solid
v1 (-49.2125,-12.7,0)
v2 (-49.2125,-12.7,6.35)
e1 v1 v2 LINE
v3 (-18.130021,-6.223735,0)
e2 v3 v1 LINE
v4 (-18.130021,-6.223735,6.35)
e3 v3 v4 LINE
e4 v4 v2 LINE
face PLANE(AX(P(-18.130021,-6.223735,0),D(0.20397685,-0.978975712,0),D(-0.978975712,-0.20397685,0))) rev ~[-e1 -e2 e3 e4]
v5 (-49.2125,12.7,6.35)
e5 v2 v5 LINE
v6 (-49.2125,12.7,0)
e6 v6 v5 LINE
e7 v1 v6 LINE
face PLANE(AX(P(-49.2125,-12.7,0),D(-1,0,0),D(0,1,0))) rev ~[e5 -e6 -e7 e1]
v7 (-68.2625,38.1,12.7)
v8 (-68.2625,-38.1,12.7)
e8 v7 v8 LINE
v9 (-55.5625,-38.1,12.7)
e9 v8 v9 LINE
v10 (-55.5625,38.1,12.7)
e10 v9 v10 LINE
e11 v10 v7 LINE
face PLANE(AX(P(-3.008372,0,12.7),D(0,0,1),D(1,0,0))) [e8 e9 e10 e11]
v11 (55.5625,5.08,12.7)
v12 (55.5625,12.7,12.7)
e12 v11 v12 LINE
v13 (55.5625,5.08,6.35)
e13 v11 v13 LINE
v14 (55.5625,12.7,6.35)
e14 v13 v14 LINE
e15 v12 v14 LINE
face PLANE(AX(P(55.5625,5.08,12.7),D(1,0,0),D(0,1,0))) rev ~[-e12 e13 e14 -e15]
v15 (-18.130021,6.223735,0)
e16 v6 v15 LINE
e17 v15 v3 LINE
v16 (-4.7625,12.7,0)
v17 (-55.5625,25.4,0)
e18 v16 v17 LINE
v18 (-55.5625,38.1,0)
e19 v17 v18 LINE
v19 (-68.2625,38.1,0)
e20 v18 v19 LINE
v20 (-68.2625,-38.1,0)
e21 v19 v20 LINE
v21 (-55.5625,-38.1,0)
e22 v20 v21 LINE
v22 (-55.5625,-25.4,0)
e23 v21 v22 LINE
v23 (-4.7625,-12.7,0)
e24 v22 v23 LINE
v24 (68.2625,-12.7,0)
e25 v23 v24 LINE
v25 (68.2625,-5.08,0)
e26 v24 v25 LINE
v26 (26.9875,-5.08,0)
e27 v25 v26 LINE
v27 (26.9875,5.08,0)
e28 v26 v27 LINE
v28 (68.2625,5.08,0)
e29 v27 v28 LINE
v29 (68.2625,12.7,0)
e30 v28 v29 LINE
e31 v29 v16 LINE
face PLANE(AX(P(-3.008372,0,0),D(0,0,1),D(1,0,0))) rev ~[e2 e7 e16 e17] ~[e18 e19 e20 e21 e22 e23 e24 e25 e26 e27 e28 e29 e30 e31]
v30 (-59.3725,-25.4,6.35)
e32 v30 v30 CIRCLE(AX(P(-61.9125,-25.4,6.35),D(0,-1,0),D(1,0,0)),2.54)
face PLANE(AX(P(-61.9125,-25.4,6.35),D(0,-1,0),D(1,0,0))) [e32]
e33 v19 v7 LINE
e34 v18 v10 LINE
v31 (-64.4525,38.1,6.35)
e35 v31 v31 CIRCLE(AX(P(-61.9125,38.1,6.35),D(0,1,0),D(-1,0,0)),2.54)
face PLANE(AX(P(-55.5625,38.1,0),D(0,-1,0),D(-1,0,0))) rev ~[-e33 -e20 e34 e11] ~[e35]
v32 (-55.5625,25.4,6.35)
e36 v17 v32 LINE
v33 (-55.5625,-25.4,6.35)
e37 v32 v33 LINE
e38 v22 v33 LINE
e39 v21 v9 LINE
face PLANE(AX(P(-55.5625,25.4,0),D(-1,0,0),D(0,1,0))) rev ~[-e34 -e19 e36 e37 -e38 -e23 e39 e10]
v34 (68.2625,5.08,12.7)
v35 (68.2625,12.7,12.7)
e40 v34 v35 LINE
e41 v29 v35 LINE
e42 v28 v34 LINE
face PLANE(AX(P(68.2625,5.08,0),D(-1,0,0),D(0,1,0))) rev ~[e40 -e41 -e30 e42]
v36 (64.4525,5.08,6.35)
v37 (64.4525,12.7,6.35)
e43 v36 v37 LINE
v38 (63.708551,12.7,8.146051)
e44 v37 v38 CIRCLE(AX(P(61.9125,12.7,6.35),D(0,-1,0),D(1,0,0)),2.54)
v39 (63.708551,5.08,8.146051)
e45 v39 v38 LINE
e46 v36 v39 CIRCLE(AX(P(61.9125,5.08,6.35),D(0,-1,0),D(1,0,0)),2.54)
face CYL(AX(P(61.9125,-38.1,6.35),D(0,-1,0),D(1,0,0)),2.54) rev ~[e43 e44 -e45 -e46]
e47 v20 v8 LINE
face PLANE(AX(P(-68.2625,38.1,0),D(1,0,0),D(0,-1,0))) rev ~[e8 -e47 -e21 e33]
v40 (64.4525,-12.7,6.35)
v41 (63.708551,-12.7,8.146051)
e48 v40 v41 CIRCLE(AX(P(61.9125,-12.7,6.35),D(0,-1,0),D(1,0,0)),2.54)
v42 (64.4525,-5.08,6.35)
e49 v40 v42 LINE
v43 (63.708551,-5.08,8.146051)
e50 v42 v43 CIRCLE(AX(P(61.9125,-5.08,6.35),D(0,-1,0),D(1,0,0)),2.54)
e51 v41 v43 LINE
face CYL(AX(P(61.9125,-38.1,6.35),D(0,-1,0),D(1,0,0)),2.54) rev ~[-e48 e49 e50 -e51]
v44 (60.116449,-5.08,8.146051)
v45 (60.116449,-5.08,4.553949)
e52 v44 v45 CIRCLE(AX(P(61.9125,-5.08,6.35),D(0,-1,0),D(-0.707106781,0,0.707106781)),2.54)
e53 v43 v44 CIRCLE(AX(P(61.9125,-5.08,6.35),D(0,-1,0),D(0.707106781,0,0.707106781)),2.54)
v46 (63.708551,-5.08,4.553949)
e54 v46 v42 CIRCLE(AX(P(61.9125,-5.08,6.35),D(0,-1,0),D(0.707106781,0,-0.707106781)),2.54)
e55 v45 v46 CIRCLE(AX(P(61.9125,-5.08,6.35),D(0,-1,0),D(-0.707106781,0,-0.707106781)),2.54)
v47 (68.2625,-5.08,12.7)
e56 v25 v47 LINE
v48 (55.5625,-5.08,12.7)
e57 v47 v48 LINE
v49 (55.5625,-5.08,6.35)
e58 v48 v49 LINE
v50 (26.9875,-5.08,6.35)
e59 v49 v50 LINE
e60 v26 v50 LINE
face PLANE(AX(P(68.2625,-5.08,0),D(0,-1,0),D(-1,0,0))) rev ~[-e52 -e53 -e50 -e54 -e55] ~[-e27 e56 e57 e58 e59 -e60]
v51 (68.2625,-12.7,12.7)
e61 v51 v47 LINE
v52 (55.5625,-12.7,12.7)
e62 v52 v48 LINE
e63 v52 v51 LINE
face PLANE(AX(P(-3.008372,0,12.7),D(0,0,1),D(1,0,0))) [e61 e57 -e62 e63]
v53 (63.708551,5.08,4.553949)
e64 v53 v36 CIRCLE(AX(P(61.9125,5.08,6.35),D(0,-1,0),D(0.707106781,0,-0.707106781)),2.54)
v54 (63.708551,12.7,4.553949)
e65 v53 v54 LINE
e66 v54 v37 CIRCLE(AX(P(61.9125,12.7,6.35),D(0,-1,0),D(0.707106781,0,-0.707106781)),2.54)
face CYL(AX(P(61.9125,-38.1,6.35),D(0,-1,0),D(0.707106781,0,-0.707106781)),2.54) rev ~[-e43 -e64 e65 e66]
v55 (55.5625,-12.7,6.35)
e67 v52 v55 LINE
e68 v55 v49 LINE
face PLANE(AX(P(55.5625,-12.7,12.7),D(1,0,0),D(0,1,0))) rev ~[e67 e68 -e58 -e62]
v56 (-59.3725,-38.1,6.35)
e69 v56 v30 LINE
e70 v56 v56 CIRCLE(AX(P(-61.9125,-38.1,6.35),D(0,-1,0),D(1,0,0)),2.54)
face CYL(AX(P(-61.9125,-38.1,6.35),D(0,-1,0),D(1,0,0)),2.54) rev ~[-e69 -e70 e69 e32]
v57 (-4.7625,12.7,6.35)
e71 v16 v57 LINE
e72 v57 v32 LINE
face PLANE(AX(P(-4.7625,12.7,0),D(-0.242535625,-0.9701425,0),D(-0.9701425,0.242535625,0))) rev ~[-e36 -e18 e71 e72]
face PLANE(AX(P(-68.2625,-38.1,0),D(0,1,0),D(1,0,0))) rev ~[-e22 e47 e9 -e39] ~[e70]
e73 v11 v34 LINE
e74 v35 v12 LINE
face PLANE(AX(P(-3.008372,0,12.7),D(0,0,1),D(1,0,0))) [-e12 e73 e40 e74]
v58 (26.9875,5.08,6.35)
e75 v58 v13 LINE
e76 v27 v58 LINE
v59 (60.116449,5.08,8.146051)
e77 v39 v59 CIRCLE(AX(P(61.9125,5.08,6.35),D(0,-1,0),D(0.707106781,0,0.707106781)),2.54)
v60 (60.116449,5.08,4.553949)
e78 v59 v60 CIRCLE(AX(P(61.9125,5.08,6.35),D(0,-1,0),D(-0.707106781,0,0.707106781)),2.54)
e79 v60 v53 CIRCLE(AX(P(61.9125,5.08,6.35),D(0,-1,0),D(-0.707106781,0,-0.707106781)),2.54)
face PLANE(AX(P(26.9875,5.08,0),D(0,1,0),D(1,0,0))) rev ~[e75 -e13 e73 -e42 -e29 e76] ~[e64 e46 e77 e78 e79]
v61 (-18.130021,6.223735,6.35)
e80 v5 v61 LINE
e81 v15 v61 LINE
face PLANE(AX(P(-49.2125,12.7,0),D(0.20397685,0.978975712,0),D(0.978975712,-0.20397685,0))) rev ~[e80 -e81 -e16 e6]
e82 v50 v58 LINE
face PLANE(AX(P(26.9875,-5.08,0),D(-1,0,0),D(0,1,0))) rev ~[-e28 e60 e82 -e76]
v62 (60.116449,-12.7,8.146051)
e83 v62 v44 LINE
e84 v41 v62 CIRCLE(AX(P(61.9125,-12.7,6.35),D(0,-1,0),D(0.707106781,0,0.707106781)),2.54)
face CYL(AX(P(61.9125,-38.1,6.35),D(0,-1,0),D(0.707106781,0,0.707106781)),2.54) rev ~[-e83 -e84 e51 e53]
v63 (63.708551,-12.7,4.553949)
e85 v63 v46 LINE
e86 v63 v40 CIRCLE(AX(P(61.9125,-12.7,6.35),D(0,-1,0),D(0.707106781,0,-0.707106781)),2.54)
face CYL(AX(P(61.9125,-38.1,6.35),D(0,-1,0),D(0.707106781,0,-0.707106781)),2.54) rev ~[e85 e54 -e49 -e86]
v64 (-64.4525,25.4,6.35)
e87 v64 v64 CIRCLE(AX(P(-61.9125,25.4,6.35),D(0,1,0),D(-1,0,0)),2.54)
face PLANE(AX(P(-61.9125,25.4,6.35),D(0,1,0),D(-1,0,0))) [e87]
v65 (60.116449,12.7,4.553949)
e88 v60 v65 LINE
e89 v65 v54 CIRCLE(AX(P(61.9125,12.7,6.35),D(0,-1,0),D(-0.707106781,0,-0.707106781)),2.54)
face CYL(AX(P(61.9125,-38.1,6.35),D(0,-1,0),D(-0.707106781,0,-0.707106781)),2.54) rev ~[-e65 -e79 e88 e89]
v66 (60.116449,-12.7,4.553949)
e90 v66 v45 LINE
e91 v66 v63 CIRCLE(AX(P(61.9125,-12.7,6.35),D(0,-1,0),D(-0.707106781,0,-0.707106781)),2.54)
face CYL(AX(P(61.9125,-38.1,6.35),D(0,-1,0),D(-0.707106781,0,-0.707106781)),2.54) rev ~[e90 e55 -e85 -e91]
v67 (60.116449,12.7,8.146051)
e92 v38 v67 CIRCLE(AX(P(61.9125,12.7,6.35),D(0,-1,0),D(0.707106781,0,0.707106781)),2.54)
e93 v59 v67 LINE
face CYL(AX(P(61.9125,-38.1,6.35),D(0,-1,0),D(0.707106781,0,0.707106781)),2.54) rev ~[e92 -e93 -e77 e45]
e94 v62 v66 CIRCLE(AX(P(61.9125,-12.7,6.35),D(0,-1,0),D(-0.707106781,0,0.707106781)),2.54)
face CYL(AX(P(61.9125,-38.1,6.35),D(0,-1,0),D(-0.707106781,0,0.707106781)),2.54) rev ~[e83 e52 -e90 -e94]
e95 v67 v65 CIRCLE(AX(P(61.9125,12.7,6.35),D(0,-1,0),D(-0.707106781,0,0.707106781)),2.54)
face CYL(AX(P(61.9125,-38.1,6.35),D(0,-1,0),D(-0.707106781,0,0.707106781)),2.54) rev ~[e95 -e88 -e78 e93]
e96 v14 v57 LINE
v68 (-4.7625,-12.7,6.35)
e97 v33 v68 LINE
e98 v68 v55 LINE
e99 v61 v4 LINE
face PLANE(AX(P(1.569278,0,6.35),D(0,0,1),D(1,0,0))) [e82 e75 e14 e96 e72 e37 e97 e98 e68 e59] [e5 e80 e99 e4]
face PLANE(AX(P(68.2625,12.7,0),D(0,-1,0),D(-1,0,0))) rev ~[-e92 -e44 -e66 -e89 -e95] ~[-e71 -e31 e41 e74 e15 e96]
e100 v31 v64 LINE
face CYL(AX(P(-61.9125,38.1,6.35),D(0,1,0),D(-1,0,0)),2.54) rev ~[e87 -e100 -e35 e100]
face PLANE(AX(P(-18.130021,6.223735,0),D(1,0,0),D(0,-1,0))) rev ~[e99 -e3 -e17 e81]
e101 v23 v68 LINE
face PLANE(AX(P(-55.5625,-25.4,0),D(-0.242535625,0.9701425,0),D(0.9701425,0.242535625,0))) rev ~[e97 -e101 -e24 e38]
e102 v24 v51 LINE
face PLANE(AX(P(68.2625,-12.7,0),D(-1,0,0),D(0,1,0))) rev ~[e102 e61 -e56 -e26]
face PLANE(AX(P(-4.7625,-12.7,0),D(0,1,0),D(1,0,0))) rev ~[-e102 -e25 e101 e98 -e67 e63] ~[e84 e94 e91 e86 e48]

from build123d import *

# Parameters (mm, degrees)
F1_DEPTH = 12.7
F3_DEPTH = 6.35
F4_R     = 2.54
F5_DEPTH = 12.7
F7_DEPTH = 76.201
F8_R     = 2.54
F9_DEPTH = 12.7


with BuildPart() as f1:
    # F0 (on Top) → F1 (new body)
    with BuildSketch(Plane.XY):
        Polygon((-68.2625, 38.1), (-68.2625, -38.1), (-55.5625, -38.1), (-55.5625, -25.4), (-4.7625, -12.7), (68.2625, -12.7), (68.2625, -5.08), (26.9875, -5.08), (26.9875, 5.08), (68.2625, 5.08), (68.2625, 12.7), (-4.7625, 12.7), (-55.5625, 25.4), (-55.5625, 38.1), align=None)
        Polygon((-49.2125, -12.7), (-49.2125, 12.7), (-18.1300211438, 6.223735015), (-18.1300211438, -6.223735015), align=None, mode=Mode.SUBTRACT)
    extrude(amount=F1_DEPTH)

    # F2 (on face) → F3 (cut)
    with BuildSketch(Plane.XY.offset(12.7)):
        Polygon((-55.5625, 25.4), (-55.5625, -25.4), (-4.7625, -12.7), (55.5625, -12.7), (55.5625, -5.08), (26.9875, -5.08), (26.9875, 5.08), (55.5625, 5.08), (55.5625, 12.7), (-4.7625, 12.7), align=None)
        Polygon((-49.2125, -12.7), (-49.2125, 12.7), (-18.1300211438, 6.223735015), (-18.1300211438, -6.223735015), align=None, mode=Mode.SUBTRACT)
    extrude(amount=-F3_DEPTH, mode=Mode.SUBTRACT)

    # F4 (on face) → F5 (cut)
    with BuildSketch(Plane.XZ.offset(38.1)):
        with Locations((-61.9125, 6.35)):
            Circle(F4_R)
    extrude(amount=-F5_DEPTH, mode=Mode.SUBTRACT)

    # F6 (on face) → F7 (cut, through all)
    with BuildSketch(Plane.XZ.offset(38.1)):
        with BuildLine():
            Line((61.9125, 6.35), (60.1164487758, 4.5539487758))
            ThreePointArc((60.1164487758, 4.5539487758), (61.9125, 3.81), (63.7085512242, 4.5539487758))
            Line((63.7085512242, 4.5539487758), (61.9125, 6.35))
        make_face()
        with BuildLine():
            Line((61.9125, 6.35), (60.1164487758, 8.1460512242))
            ThreePointArc((60.1164487758, 8.1460512242), (59.3725, 6.35), (60.1164487758, 4.5539487758))
            Line((60.1164487758, 4.5539487758), (61.9125, 6.35))
        make_face()
        with BuildLine():
            ThreePointArc((63.7085512242, 8.1460512242), (61.9125, 8.89), (60.1164487758, 8.1460512242))
            Line((60.1164487758, 8.1460512242), (61.9125, 6.35))
            Line((61.9125, 6.35), (63.7085512242, 8.1460512242))
        make_face()
        with BuildLine():
            ThreePointArc((64.4525, 6.35), (64.2591540126, 7.3220159182), (63.7085512242, 8.1460512242))
            Line((63.7085512242, 8.1460512242), (61.9125, 6.35))
            Line((61.9125, 6.35), (63.7085512242, 4.5539487758))
            ThreePointArc((63.7085512242, 4.5539487758), (64.2591540126, 5.3779840818), (64.4525, 6.35))
        make_face()
    extrude(amount=-F7_DEPTH, mode=Mode.SUBTRACT)

    # F8 (on face) → F9 (cut)
    with BuildSketch(Plane(origin=(0, 38.1, 0), x_dir=(-1, 0, 0), z_dir=(0, 1, 0))):
        with Locations((61.9125, 6.35)):
            Circle(F8_R)
    extrude(amount=-F9_DEPTH, mode=Mode.SUBTRACT)


solid = f1.part
